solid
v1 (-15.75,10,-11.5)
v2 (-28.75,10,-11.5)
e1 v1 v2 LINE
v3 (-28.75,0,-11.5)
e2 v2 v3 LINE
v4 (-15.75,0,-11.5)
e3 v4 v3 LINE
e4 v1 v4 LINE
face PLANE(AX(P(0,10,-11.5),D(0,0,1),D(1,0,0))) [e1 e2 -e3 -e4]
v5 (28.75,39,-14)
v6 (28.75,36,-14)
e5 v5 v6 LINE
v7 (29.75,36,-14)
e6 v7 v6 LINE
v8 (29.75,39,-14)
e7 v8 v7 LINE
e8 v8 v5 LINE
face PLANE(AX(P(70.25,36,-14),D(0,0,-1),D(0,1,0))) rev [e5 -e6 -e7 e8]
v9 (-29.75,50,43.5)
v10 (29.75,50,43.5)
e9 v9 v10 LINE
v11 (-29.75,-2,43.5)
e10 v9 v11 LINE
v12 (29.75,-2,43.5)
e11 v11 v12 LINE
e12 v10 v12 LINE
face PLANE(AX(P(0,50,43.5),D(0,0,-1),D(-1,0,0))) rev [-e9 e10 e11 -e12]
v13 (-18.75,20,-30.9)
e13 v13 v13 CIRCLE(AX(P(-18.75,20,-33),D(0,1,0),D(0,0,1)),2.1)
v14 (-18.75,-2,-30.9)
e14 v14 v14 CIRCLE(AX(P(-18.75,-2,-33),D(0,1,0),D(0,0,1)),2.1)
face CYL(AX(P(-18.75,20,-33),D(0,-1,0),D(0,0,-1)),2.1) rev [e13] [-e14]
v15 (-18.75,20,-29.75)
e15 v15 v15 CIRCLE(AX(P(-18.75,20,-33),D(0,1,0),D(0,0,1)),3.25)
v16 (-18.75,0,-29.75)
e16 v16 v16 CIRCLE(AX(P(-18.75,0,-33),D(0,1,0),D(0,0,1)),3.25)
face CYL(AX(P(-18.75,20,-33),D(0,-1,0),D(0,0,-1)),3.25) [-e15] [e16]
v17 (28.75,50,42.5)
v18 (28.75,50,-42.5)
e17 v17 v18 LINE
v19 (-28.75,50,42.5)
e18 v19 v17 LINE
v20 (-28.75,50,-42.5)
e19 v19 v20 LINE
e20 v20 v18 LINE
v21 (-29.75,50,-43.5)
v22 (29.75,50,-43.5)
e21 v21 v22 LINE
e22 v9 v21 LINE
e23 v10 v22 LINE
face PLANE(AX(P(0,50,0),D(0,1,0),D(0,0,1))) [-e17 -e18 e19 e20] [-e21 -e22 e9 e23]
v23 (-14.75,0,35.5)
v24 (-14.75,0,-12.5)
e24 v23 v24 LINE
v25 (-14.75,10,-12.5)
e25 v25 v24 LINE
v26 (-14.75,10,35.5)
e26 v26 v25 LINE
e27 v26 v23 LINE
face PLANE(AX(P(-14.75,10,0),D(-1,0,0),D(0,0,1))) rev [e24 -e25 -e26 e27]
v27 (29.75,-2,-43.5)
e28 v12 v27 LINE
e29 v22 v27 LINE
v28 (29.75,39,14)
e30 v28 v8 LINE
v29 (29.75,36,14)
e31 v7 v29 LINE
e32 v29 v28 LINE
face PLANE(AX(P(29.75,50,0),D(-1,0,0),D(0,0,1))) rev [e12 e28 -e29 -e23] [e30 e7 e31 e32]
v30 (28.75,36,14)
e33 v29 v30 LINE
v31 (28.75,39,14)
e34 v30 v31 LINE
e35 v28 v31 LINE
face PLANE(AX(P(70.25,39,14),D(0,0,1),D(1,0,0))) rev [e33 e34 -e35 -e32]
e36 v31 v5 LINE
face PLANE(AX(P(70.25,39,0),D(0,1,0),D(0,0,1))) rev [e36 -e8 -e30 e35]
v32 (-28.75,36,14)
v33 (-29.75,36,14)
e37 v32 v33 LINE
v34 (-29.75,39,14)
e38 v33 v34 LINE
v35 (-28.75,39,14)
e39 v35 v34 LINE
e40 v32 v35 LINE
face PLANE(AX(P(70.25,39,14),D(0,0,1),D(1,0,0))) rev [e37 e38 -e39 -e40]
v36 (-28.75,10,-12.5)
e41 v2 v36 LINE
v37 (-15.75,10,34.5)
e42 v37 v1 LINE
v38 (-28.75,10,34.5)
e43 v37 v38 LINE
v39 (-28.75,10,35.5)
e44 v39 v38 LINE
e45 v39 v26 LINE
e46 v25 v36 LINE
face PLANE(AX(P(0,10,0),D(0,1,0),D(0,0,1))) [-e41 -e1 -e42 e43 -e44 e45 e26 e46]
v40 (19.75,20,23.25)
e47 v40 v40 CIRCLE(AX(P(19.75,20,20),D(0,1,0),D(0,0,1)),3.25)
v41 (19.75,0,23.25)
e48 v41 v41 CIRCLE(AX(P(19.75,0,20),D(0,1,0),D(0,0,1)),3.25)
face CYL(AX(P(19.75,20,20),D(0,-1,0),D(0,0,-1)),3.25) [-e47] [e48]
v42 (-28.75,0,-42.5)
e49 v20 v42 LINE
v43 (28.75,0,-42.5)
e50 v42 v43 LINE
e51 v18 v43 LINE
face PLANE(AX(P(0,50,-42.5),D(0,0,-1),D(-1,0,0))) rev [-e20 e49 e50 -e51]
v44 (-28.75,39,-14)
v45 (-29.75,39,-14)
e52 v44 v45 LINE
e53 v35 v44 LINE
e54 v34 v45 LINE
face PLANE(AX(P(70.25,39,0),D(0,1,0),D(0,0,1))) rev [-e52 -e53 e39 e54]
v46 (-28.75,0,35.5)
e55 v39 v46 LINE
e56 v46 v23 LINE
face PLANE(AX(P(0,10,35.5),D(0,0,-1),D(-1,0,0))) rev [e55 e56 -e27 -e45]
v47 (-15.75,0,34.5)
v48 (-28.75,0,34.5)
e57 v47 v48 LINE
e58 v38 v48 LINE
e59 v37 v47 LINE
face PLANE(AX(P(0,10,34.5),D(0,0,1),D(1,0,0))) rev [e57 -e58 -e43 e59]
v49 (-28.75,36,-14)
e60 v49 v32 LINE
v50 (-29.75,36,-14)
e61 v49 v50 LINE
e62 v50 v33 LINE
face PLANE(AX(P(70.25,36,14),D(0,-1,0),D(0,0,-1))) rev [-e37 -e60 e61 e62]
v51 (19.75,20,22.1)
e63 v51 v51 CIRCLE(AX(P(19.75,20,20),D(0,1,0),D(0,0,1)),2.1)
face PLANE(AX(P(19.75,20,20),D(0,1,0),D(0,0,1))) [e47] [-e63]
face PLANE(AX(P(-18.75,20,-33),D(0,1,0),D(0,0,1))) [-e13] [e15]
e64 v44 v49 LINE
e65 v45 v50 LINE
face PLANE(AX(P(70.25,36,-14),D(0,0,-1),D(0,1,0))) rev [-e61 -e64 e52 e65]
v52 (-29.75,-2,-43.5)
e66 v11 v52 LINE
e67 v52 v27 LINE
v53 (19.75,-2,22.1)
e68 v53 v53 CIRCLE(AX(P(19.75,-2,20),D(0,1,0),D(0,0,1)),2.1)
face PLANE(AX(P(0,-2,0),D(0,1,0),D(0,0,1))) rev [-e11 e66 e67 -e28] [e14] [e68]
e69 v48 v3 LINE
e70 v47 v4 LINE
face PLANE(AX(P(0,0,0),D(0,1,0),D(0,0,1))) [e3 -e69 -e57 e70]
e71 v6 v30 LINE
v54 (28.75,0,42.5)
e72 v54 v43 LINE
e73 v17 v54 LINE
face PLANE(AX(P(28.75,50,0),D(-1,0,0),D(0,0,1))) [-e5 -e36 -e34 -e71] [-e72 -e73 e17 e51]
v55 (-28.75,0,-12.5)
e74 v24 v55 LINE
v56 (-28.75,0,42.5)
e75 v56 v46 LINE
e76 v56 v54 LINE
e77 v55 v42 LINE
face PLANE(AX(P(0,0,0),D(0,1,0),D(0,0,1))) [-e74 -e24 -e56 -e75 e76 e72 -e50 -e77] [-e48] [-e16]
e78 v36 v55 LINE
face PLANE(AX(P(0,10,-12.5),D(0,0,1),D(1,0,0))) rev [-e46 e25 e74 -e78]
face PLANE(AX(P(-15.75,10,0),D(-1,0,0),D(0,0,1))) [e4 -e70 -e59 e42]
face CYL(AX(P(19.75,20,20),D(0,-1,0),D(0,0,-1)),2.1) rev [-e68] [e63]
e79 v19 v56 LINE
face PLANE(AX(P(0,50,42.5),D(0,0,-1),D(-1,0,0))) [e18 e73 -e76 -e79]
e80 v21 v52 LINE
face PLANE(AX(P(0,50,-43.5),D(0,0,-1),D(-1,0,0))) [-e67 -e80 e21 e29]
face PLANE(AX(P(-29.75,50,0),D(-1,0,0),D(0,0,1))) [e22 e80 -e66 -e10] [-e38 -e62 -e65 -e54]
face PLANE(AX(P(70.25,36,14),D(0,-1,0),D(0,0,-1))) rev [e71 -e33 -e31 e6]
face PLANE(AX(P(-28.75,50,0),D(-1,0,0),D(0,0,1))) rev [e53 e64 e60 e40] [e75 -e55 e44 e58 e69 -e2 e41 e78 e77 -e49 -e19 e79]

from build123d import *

# Parameters (mm, degrees)
CROQUIS1_W                = 59.5
CROQUIS1_H                = 87
SALIENTE_EXTRUIR1_DEPTH   = 50
SALIENTE_EXTRUIR2_DEPTH   = 10
CROQUIS1_5_R              = 3.25
CROQUIS1_5_R_2            = 2.1
SALIENTE_EXTRUIR3_DEPTH   = 20
SALIENTE_EXTRUIR3_2_DEPTH = 20
CROQUIS2_W                = 59.5
CROQUIS2_H                = 87
SALIENTE_EXTRUIR6_DEPTH   = 2
CORTAR_EXTRUIR3_START     = -10
CROQUIS9_R                = 2.1
CORTAR_EXTRUIR3_DEPTH     = 10
CORTAR_EXTRUIR4_DEPTH     = 100


with BuildPart() as part:
    # Croquis1 → Saliente-Extruir1 (new body)
    with BuildSketch(Plane(origin=(0, 0, 0), x_dir=(1, 0, 0), z_dir=(0, 1, 0))):
        Rectangle(CROQUIS1_W, CROQUIS1_H)
        Polygon((28.75, -42.5), (-28.75, -42.5), (-28.75, -35.5), (-28.75, -34.5), (-28.75, 11.5), (-28.75, 12.5), (-28.75, 42.5), (28.75, 42.5), align=None, mode=Mode.SUBTRACT)
    extrude(amount=SALIENTE_EXTRUIR1_DEPTH)

    # Croquis1<4> → Saliente-Extruir2 (add)
    with BuildSketch(Plane(origin=(0, 0, 0), x_dir=(1, 0, 0), z_dir=(0, 1, 0))):
        Polygon((-28.75, -34.5), (-28.75, -35.5), (-14.75, -35.5), (-14.75, 12.5), (-28.75, 12.5), (-28.75, 11.5), (-15.75, 11.5), (-15.75, -34.5), align=None)
    extrude(amount=SALIENTE_EXTRUIR2_DEPTH)



with BuildPart() as body_2:
    # Croquis1<5> → Saliente-Extruir3 (new body)
    with BuildSketch(Plane(origin=(0, 0, 0), x_dir=(1, 0, 0), z_dir=(0, 1, 0))):
        with Locations((19.75, -20)):
            Circle(CROQUIS1_5_R)
        with Locations((19.75, -20)):
            Circle(CROQUIS1_5_R_2, mode=Mode.SUBTRACT)
    extrude(amount=SALIENTE_EXTRUIR3_DEPTH)


with BuildPart() as body_3:
    # Croquis1<5> → Saliente-Extruir3 2 (new body)
    with BuildSketch(Plane(origin=(0, 0, 0), x_dir=(1, 0, 0), z_dir=(0, 1, 0))):
        with Locations((-18.75, 33)):
            Circle(CROQUIS1_5_R)
        with Locations((-18.75, 33)):
            Circle(CROQUIS1_5_R_2, mode=Mode.SUBTRACT)
    extrude(amount=SALIENTE_EXTRUIR3_2_DEPTH)


with BuildPart() as part_1:
    add(part.part)

    add(body_2.part)  # Saliente-Extruir6 merges body 2

    add(body_3.part)  # Saliente-Extruir6 merges body 3
    # Croquis2 → Saliente-Extruir6 (add)
    with BuildSketch(Plane.XZ):
        Rectangle(CROQUIS2_W, CROQUIS2_H)
    extrude(amount=SALIENTE_EXTRUIR6_DEPTH)

    # Croquis9 → Cortar-Extruir3 (cut)
    with BuildSketch(Plane(origin=(0, 0, 0), x_dir=(1, 0, 0), z_dir=(0, 1, 0)).offset(CORTAR_EXTRUIR3_START)):
        with Locations((-18.75, 33)):
            Circle(CROQUIS9_R)
        with Locations((19.75, -20)):
            Circle(CROQUIS9_R)
    extrude(amount=CORTAR_EXTRUIR3_DEPTH, mode=Mode.SUBTRACT)

    # Croquis10 → Cortar-Extruir4 (cut)
    with BuildSketch(Plane.ZY.offset(29.75)):
        Polygon((0, 39), (14, 39), (14, 36), (-14, 36), (-14, 39), align=None)
    extrude(amount=-CORTAR_EXTRUIR4_DEPTH, mode=Mode.SUBTRACT)


solid = part_1.part
